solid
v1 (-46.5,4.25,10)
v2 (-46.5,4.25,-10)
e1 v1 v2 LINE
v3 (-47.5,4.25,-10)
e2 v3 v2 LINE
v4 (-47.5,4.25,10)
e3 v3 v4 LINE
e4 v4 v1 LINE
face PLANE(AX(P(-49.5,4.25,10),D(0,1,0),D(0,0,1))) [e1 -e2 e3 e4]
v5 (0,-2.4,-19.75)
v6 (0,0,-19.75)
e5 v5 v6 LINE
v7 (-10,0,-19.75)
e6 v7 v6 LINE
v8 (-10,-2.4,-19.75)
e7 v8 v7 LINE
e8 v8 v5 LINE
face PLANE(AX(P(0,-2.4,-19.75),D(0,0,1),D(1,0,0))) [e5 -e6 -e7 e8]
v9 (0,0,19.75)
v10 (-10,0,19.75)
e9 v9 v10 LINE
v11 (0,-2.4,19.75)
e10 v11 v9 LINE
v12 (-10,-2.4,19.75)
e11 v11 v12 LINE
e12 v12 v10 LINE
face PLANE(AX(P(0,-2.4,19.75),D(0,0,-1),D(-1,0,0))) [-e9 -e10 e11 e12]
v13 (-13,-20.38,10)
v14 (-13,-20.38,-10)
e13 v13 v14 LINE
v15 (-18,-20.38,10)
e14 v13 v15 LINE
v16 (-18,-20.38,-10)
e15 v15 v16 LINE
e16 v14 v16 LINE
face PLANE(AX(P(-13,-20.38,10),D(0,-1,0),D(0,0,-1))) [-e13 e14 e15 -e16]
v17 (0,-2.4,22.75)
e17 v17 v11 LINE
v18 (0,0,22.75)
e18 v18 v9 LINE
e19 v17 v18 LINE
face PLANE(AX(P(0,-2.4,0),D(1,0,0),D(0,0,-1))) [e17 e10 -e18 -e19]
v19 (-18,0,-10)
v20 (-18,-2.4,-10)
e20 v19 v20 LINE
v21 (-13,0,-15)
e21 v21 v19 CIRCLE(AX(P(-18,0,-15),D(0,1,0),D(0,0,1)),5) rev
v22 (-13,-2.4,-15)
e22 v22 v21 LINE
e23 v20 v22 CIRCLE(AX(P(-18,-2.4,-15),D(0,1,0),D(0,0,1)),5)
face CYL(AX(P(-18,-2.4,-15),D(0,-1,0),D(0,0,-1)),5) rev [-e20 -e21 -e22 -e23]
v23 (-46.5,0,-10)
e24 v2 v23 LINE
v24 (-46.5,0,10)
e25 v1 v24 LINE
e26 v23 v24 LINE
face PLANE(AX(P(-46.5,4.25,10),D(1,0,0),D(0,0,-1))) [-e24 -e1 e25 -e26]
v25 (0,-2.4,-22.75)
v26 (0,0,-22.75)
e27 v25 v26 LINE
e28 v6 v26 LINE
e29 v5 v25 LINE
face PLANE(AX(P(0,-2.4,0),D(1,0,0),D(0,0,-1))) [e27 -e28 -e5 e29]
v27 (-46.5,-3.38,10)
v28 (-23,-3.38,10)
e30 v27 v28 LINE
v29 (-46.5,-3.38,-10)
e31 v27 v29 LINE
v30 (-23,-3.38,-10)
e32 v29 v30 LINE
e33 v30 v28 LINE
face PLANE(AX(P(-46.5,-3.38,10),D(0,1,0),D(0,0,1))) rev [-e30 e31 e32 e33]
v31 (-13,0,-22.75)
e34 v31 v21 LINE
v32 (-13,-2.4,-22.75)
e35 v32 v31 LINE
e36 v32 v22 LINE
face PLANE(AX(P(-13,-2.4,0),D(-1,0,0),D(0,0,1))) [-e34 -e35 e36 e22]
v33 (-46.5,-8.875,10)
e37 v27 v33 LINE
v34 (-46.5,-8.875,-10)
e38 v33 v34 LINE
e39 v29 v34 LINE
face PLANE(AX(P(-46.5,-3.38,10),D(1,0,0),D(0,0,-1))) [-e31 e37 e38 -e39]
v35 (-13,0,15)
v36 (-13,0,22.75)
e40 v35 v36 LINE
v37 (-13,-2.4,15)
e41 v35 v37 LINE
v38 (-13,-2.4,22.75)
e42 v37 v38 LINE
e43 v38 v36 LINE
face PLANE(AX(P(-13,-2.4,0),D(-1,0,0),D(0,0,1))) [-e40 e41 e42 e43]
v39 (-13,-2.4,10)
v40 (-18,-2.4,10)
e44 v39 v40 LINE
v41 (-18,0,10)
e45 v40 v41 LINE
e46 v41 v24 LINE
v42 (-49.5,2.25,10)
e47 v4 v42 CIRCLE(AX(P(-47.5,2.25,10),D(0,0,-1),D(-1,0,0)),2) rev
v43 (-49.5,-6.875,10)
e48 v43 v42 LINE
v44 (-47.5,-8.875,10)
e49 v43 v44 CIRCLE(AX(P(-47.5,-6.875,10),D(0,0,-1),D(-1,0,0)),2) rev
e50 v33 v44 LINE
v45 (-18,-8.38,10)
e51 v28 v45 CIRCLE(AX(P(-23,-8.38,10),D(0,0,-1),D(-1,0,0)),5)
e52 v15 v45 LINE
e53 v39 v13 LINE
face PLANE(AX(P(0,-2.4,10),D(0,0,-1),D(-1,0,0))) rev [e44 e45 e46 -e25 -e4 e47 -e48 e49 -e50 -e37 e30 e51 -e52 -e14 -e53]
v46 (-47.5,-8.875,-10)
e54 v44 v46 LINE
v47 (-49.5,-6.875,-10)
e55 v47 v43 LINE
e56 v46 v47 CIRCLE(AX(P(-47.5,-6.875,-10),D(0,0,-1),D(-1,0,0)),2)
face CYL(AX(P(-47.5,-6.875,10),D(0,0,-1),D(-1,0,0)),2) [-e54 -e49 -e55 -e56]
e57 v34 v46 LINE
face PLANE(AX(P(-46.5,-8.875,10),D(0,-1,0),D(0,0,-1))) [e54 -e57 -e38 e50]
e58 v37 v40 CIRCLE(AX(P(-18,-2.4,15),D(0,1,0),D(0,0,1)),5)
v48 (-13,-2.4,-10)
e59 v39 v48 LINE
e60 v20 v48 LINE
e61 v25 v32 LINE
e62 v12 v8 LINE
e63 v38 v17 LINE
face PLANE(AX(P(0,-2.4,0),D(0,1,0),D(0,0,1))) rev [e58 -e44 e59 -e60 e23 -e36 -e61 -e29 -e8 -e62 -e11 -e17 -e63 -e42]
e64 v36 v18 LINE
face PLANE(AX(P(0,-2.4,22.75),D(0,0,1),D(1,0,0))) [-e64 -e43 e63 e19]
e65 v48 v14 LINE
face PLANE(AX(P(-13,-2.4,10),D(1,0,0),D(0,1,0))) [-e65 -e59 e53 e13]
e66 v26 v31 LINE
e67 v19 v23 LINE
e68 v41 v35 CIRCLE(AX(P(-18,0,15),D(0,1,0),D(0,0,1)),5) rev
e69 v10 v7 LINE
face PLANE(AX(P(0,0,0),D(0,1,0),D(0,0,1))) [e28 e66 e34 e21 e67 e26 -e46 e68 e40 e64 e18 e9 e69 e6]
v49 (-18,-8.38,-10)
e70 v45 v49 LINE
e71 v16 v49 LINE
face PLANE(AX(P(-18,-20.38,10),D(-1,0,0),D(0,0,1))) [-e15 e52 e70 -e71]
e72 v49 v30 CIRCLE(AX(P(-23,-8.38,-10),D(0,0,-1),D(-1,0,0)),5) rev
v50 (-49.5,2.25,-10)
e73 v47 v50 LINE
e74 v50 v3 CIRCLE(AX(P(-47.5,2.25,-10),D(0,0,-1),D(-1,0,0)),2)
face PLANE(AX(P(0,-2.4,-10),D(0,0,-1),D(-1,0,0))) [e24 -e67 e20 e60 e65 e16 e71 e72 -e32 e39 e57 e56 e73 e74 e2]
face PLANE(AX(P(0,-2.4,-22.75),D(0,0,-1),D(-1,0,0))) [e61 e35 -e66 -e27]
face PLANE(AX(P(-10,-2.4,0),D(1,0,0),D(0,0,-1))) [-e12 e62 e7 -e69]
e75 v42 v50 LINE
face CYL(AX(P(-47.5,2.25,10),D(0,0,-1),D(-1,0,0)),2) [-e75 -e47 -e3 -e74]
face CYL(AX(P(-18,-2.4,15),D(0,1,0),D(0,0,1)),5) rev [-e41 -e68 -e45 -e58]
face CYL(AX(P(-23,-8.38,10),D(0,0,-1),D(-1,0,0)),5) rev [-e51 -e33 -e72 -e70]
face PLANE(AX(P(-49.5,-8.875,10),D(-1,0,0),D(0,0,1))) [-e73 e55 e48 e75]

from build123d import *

# Parameters (mm, degrees)
SKETCH1_W           = 33.5
SKETCH1_H           = 20
BOSS_EXTRUDE1_DEPTH = 2.4
BOSS_EXTRUDE2_DEPTH = 10
FILLET1_R           = 5
FILLET2_R           = 5
FILLET3_R           = 2


with BuildPart() as part:
    # Sketch1 → Boss-Extrude1 (new body)
    with BuildSketch(Plane(origin=(0, 0, 0), x_dir=(1, 0, 0), z_dir=(0, 1, 0))):
        with Locations((-29.75, 0)):
            Rectangle(SKETCH1_W, SKETCH1_H)
        Polygon((-10, -19.75), (-10, 19.75), (0, 19.75), (0, 22.75), (-13, 22.75), (-13, -22.75), (0, -22.75), (0, -19.75), align=None)
    extrude(amount=-BOSS_EXTRUDE1_DEPTH)

    # Sketch3 → Boss-Extrude2 (add, symmetric)
    with BuildSketch(Plane.XY):
        Polygon((-13, -2.4), (-13, -20.38), (-18, -20.38), (-18, -3.38), (-46.5, -3.38), (-46.5, -8.875), (-49.5, -8.875), (-49.5, 4.25), (-46.5, 4.25), (-46.5, -2.4), align=None)
    extrude(amount=BOSS_EXTRUDE2_DEPTH, both=True)

    # Fillet1
    fillet1_edges = [part.edges().sort_by_distance(p)[0] for p in [
        (-13, -1.2, -10),
        (-13, -1.2, 10),
    ]]
    fillet(fillet1_edges, radius=FILLET1_R)

    # Fillet2
    fillet2_edges = [part.edges().sort_by_distance(p)[0] for p in [
        (-18, -3.38, 0),
    ]]
    fillet(fillet2_edges, radius=FILLET2_R)

    # Fillet3
    fillet3_edges = [part.edges().sort_by_distance(p)[0] for p in [
        (-49.5, 4.25, 0),
        (-49.5, -8.875, 0),
    ]]
    fillet(fillet3_edges, radius=FILLET3_R)


solid = part.part
